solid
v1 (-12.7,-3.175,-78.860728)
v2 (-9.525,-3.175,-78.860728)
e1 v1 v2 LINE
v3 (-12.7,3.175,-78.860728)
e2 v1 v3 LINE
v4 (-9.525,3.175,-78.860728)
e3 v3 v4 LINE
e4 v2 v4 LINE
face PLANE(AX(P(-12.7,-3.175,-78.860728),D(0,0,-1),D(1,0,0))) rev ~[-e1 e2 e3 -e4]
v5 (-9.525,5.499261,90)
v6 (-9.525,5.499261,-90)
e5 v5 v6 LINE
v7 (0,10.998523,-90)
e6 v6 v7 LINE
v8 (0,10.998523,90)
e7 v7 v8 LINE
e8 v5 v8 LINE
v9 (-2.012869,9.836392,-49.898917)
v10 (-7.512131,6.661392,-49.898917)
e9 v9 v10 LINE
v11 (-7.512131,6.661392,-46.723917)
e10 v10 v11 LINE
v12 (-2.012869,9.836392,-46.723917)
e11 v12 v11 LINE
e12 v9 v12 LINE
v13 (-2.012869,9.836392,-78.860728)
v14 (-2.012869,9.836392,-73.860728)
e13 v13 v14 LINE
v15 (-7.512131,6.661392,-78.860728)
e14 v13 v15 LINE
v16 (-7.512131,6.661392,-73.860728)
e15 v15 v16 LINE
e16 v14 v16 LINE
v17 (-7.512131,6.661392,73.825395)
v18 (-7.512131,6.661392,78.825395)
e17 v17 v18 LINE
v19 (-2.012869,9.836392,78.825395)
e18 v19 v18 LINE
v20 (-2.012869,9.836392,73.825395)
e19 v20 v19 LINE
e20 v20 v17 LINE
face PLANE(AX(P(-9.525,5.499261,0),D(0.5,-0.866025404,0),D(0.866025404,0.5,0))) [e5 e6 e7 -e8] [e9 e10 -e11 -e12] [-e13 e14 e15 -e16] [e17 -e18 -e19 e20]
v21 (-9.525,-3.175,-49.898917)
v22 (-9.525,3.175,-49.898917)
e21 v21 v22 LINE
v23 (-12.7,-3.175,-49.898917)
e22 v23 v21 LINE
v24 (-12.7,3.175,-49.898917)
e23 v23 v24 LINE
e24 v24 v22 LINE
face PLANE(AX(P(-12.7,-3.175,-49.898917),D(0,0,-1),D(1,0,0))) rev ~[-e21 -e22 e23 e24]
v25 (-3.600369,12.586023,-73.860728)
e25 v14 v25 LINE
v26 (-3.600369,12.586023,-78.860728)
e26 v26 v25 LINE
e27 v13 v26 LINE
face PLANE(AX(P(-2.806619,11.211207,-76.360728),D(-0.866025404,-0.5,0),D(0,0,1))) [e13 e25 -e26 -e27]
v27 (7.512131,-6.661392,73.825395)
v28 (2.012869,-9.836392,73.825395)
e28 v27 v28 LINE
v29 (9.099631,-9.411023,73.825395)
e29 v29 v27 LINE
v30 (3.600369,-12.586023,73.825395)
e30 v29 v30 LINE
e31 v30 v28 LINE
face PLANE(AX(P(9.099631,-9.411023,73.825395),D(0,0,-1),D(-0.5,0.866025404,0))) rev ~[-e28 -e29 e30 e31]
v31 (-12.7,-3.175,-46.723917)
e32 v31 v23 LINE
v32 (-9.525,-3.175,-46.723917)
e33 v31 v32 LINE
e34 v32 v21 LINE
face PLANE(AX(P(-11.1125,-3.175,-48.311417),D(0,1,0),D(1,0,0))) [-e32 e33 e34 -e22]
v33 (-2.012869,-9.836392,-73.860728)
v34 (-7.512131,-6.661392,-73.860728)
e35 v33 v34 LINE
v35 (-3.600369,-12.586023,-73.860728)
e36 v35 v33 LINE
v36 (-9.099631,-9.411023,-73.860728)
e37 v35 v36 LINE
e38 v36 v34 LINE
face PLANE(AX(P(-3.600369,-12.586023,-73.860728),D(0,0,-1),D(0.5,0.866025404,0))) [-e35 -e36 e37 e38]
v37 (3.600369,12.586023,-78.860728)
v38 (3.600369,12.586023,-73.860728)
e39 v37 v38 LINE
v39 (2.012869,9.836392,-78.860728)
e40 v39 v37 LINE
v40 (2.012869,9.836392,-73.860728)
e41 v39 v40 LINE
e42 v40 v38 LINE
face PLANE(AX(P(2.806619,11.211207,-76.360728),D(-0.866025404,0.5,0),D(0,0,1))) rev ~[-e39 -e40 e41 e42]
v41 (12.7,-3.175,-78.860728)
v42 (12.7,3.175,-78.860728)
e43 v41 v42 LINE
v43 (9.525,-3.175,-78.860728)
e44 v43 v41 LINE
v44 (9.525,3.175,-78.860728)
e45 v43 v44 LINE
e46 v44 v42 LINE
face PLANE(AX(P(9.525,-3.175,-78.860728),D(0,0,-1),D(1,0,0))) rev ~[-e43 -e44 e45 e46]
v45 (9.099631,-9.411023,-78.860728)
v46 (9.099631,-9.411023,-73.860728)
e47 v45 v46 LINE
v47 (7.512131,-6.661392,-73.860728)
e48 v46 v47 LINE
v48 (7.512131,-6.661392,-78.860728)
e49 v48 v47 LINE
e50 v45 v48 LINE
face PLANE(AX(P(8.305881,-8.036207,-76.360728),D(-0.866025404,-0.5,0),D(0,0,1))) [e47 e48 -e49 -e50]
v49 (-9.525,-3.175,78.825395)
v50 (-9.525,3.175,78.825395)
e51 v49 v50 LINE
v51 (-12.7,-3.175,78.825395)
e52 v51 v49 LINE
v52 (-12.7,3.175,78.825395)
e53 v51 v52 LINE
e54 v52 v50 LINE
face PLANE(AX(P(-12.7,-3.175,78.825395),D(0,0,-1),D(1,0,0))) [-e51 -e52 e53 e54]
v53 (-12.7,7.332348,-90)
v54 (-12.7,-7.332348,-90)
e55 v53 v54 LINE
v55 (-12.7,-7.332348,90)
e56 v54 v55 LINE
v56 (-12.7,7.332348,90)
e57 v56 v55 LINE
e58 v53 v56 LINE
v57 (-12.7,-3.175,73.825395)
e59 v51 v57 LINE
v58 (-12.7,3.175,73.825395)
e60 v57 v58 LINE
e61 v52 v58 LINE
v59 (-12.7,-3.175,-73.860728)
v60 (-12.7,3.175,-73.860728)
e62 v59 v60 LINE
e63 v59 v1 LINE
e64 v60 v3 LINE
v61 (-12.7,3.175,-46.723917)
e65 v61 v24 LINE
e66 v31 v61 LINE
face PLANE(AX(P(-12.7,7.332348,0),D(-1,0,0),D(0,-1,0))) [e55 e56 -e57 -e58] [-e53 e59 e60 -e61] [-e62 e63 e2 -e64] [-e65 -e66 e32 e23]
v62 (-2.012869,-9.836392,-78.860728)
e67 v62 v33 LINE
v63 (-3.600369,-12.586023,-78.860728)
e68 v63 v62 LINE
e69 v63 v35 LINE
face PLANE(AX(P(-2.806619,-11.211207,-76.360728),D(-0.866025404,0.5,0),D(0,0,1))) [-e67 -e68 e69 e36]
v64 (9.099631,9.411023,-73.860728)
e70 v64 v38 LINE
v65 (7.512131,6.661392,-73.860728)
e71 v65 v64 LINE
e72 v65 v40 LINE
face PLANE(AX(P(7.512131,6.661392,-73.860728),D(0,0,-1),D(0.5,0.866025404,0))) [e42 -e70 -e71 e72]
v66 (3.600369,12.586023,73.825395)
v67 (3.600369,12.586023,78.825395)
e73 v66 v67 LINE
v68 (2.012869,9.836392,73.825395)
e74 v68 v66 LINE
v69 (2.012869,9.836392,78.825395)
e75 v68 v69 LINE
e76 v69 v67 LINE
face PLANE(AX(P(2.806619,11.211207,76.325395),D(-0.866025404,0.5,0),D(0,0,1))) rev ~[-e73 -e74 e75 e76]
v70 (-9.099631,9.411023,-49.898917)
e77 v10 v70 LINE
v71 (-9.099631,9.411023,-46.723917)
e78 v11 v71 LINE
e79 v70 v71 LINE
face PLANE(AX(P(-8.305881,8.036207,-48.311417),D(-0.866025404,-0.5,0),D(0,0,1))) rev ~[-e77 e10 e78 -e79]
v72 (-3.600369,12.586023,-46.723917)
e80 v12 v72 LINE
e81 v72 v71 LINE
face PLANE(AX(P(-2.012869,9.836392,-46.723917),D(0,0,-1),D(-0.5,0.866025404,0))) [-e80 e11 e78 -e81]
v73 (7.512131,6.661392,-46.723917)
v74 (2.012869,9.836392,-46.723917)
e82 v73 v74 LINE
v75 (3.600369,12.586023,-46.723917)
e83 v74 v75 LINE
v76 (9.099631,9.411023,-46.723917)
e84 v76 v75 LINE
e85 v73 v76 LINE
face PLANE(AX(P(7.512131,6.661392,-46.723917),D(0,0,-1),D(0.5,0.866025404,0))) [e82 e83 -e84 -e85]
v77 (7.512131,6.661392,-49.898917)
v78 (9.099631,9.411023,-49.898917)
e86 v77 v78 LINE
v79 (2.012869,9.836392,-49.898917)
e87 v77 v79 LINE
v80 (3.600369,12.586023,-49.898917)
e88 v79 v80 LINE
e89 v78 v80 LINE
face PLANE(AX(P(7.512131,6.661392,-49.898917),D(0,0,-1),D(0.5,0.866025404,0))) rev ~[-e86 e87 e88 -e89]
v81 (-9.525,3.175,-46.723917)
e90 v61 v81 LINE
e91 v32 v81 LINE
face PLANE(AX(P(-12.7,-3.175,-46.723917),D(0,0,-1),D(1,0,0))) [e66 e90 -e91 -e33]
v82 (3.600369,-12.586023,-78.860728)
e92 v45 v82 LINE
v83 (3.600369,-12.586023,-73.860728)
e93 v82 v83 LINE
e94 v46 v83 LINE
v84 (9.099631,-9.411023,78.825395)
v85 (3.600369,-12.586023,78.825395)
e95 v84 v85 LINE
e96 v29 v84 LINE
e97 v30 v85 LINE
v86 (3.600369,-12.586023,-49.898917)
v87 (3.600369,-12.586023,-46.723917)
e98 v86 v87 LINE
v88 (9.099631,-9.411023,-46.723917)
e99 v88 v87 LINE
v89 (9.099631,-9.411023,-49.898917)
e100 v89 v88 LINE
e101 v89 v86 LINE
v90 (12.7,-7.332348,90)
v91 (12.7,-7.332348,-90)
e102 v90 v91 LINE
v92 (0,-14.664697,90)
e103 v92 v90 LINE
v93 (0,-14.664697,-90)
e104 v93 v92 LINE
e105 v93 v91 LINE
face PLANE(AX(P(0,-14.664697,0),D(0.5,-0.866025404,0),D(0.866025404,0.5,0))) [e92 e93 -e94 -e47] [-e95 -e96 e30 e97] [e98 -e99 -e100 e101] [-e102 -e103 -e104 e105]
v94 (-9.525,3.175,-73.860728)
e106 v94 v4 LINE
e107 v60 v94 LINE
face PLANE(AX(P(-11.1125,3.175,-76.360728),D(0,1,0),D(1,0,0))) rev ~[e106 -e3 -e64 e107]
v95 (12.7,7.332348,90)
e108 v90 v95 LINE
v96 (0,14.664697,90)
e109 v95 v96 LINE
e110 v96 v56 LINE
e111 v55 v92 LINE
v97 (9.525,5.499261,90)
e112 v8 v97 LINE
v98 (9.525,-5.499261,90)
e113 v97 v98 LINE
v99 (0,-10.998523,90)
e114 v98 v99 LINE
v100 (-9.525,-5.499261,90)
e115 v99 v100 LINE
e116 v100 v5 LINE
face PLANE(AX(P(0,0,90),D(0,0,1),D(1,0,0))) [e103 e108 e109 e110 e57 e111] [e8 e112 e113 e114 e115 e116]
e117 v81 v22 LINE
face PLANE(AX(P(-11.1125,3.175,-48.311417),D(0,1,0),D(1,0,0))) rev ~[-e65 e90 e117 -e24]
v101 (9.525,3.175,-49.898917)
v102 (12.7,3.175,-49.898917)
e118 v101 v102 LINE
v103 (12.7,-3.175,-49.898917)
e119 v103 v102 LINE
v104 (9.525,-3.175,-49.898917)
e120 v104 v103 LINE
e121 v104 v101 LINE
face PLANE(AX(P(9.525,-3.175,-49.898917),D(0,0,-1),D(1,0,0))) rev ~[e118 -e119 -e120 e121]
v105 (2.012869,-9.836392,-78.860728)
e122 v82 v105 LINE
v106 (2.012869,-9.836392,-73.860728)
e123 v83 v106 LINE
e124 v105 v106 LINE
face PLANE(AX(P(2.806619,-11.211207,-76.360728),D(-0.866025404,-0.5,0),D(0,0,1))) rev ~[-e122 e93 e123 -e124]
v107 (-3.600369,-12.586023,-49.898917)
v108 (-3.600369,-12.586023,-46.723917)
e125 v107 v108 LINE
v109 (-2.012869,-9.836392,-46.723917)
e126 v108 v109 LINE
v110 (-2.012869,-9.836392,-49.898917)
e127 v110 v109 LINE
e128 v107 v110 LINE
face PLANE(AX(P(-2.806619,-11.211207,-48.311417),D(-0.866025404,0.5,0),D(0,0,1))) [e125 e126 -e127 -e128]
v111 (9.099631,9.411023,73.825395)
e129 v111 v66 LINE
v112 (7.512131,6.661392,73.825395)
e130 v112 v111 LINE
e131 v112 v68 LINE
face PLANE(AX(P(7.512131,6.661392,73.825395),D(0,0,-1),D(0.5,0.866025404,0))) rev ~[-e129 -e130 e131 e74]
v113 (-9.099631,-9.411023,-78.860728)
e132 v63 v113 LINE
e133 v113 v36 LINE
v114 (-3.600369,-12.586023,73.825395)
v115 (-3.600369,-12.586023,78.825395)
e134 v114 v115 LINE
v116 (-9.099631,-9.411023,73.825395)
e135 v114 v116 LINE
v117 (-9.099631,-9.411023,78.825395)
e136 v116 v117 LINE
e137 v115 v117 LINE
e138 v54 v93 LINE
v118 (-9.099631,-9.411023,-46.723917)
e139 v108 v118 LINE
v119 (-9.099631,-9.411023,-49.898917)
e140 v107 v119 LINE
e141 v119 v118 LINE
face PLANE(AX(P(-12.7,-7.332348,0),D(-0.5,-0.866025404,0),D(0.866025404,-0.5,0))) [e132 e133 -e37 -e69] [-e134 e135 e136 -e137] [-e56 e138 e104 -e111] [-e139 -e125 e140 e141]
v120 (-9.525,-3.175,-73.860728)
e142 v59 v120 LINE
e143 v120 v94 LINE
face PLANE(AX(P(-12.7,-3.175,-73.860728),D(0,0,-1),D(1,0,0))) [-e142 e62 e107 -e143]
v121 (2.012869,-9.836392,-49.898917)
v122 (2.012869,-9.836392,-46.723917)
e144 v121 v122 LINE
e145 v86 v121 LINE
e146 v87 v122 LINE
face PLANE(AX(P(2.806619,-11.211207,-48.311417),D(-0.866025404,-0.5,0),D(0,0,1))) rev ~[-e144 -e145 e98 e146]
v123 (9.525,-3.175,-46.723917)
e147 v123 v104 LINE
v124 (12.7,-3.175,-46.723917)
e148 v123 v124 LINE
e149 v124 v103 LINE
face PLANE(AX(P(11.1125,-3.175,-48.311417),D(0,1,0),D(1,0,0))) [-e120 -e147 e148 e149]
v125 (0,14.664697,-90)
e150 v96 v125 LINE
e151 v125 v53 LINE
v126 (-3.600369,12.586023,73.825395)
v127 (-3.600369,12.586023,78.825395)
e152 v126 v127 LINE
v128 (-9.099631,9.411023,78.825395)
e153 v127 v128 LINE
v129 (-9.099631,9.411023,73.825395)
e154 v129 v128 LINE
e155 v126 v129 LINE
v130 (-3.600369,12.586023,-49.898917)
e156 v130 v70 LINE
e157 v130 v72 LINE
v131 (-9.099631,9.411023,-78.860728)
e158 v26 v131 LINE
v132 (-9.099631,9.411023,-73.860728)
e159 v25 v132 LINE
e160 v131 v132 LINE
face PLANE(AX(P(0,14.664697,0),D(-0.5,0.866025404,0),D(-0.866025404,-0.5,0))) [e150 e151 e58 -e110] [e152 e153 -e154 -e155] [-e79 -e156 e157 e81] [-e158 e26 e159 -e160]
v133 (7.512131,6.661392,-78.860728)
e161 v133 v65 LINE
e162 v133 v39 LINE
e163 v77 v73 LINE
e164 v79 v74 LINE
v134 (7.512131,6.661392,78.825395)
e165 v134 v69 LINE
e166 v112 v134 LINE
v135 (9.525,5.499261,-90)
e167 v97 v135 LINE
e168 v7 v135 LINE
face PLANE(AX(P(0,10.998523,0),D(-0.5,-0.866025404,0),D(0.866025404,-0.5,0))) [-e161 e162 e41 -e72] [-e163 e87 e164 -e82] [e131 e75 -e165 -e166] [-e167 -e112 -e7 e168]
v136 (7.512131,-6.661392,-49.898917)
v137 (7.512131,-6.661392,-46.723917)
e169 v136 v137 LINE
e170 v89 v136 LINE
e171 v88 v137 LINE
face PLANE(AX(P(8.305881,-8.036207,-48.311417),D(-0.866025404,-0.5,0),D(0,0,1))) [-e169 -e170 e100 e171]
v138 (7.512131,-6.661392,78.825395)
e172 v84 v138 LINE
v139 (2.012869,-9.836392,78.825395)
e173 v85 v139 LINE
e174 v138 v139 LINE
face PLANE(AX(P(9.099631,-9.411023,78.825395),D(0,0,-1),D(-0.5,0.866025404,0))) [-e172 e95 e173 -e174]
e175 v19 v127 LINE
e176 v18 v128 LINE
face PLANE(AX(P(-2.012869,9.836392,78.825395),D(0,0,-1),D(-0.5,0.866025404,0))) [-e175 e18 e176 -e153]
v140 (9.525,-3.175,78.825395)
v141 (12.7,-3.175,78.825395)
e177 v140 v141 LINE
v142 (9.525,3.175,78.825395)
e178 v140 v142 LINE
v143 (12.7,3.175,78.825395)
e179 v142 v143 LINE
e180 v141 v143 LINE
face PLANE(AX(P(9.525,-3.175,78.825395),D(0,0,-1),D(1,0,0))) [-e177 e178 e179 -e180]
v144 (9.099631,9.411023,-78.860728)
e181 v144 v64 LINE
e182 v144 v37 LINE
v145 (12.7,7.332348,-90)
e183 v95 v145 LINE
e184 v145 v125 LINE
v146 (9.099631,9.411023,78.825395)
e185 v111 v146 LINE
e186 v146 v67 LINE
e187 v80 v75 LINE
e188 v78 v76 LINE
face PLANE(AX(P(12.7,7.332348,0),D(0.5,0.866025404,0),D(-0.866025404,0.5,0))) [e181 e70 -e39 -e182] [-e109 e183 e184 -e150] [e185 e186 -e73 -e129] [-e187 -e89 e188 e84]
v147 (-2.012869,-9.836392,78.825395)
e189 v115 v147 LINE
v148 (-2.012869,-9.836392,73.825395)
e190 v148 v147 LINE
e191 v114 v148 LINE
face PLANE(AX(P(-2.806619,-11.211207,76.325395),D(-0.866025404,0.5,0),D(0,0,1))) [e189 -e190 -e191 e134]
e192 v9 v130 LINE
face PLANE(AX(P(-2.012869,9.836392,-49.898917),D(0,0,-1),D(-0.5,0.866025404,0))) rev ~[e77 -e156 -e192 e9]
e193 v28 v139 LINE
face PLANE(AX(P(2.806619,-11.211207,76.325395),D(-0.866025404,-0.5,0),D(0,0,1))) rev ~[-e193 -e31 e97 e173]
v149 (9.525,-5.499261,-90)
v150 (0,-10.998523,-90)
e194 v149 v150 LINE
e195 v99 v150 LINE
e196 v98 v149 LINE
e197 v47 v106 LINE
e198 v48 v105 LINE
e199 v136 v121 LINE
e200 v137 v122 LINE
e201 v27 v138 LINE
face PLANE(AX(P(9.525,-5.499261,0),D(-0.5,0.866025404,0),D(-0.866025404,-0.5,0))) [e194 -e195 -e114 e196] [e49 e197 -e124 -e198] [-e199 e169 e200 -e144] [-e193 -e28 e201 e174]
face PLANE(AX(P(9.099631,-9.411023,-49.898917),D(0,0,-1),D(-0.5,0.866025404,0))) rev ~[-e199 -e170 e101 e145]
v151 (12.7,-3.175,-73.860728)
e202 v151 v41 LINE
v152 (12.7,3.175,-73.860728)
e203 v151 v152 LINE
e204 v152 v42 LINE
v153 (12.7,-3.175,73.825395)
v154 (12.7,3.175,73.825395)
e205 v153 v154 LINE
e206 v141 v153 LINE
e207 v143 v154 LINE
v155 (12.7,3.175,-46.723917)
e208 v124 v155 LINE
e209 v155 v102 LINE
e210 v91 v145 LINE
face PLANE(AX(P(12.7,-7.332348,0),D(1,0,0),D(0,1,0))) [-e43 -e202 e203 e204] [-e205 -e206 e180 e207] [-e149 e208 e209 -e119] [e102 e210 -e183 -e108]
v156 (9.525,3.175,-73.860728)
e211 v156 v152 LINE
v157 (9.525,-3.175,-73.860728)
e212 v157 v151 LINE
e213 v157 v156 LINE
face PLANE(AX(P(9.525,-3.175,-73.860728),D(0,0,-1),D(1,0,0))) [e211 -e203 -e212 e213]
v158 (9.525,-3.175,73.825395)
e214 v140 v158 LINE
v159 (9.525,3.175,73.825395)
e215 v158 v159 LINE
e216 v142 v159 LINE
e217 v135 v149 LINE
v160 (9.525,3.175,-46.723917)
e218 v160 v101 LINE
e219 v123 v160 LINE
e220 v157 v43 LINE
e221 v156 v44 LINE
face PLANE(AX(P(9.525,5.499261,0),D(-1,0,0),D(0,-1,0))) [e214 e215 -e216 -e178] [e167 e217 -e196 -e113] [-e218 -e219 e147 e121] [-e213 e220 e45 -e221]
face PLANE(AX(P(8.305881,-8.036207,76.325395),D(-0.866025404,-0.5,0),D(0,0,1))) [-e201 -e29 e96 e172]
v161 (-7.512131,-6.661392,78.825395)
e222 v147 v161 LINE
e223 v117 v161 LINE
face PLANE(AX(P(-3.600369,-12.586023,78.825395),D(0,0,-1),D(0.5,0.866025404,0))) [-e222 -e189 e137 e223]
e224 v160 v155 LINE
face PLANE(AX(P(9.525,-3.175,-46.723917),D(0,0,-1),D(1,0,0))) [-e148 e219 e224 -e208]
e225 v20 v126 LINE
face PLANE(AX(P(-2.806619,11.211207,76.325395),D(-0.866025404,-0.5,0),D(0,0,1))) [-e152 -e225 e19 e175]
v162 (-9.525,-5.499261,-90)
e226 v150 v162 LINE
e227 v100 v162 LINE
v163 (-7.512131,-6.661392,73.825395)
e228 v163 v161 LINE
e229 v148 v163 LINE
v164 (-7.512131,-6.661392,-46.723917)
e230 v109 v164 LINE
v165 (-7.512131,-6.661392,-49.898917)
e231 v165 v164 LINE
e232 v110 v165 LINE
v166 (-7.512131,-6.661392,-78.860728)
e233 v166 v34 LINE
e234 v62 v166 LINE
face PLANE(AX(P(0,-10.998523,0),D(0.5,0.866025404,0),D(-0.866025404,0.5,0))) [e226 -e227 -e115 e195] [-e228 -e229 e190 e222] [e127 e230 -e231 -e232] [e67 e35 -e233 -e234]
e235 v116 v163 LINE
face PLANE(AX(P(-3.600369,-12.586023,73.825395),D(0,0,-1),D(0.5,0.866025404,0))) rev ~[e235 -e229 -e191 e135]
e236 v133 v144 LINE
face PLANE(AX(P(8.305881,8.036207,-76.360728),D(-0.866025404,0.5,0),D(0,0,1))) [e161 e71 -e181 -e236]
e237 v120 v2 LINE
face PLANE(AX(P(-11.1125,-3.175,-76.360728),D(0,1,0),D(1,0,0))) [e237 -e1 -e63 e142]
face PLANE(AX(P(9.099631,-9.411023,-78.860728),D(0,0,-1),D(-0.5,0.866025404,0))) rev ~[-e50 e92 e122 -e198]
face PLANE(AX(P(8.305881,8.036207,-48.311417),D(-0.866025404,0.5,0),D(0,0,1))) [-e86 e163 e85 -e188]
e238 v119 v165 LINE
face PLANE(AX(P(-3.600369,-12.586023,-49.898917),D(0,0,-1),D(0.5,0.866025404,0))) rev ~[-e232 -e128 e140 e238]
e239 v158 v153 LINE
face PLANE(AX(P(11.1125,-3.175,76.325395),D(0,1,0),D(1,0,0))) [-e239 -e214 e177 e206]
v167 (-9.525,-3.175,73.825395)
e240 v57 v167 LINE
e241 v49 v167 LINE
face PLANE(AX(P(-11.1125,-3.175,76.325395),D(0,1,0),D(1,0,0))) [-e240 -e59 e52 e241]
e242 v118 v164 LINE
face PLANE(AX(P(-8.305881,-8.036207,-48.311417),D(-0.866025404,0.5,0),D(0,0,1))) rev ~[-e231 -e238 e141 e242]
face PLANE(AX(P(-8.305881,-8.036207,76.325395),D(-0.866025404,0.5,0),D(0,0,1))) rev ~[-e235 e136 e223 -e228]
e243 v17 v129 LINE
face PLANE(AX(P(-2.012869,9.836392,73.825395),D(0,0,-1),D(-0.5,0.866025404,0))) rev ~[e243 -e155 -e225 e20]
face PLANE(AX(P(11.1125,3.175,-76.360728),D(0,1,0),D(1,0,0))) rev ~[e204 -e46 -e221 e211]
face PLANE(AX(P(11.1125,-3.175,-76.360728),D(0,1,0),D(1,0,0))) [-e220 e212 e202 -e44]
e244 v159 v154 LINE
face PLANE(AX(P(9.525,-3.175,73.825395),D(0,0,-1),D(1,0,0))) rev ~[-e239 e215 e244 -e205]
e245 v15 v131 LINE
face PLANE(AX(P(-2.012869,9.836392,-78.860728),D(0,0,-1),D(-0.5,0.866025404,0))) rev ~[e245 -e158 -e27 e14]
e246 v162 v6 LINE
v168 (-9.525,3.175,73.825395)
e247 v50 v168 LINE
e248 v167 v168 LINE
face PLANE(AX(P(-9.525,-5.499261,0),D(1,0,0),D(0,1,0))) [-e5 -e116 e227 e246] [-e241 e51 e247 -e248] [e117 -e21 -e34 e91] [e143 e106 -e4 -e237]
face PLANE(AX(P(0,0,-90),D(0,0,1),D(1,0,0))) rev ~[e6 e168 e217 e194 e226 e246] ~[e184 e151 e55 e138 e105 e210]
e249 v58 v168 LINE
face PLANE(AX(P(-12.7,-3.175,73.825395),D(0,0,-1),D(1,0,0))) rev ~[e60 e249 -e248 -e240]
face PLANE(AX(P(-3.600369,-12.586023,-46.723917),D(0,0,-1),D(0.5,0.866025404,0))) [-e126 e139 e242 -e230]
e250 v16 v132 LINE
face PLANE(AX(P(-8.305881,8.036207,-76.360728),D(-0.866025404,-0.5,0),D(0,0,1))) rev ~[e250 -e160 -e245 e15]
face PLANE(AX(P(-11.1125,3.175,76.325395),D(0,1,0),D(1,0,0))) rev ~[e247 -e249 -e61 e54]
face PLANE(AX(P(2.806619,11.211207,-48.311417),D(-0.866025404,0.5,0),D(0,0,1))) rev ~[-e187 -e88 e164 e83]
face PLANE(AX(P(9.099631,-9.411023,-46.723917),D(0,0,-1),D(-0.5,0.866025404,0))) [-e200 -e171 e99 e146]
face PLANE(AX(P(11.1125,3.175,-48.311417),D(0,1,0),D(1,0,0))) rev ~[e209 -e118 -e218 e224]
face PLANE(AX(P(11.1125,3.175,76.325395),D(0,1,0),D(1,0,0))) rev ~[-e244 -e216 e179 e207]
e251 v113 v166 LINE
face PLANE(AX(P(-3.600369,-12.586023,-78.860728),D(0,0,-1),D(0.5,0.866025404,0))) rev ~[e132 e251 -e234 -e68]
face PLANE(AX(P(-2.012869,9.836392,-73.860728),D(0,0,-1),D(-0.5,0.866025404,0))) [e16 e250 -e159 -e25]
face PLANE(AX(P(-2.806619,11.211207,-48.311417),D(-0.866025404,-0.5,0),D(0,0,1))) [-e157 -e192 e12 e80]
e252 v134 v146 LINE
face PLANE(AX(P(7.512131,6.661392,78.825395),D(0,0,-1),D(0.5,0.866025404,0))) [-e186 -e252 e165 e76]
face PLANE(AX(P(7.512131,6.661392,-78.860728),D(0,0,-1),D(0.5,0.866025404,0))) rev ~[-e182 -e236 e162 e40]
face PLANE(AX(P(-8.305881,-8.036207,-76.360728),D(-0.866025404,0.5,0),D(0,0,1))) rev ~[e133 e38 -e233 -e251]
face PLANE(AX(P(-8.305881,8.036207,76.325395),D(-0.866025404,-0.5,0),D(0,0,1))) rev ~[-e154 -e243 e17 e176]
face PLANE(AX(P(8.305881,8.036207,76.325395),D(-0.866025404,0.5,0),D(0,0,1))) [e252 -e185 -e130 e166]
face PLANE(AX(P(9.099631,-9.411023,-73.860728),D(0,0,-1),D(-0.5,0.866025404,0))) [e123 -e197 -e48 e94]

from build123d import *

# Parameters (mm, degrees)
BOSS_EXTRUDE1_DEPTH     = 90
CUT_EXTRUDE2_DEPTH      = 3.175
CUT_EXTRUDE2_DEPTH_BACK = 3.175
SKETCH4_W               = 3.175
SKETCH4_H               = 5
SKETCH4_H_2             = 3.175
CUT_EXTRUDE3_DEPTH      = 3.175
CUT_EXTRUDE3_DEPTH_BACK = 3.175
SKETCH7_W               = 5
SKETCH7_H               = 3.175
SKETCH7_W_2             = 3.175
CUT_EXTRUDE4_DEPTH      = 3.175
CUT_EXTRUDE4_DEPTH_BACK = 3.175
SKETCH8_W               = 5
SKETCH8_H               = 3.175
SKETCH8_W_2             = 3.175


with BuildPart() as part:
    # Sketch3 → Boss-Extrude1 (new, symmetric)
    with BuildSketch(Plane.XY):
        Polygon((0, 14.664696837), (-12.7, 7.332348419), (-12.7, -7.332348419), (0, -14.664696837), (12.7, -7.332348419), (12.7, 7.332348419), align=None)
        Polygon((0, 10.998522628), (9.525, 5.499261314), (9.525, -5.499261314), (0, -10.998522628), (-9.525, -5.499261314), (-9.525, 5.499261314), align=None, mode=Mode.SUBTRACT)
    extrude(amount=BOSS_EXTRUDE1_DEPTH, both=True)

    # Sketch4 → Cut-Extrude2 (cut, two sides: drawn at the far end of the back side and taken through both)
    with BuildSketch(Plane(origin=(0, 0, 0), x_dir=(1, 0, 0), z_dir=(0, 1, 0)).offset(-CUT_EXTRUDE2_DEPTH_BACK)):
        with Locations((-11.1125, -76.325394791)):
            Rectangle(SKETCH4_W, SKETCH4_H)
        with Locations((-11.1125, 48.311416829)):
            Rectangle(SKETCH4_W, SKETCH4_H_2)
        with Locations((11.1125, 76.360728449)):
            Rectangle(SKETCH4_W, SKETCH4_H)
        with Locations((11.1125, 48.311416829)):
            Rectangle(SKETCH4_W, SKETCH4_H_2)
        with Locations((11.1125, -76.325394791)):
            Rectangle(SKETCH4_W, SKETCH4_H)
        with Locations((-11.1125, 76.360728449)):
            Rectangle(SKETCH4_W, SKETCH4_H)
    extrude(amount=CUT_EXTRUDE2_DEPTH + CUT_EXTRUDE2_DEPTH_BACK, mode=Mode.SUBTRACT)

    # Sketch7 → Cut-Extrude3 (cut, two sides: drawn at the far end of the back side and taken through both)
    with BuildSketch(Plane(origin=(0, 0, 0), x_dir=(0, 0, 1), z_dir=(-0.8660254037844387, 0.4999999999999999, 0)).offset(-CUT_EXTRUDE3_DEPTH_BACK)):
        with Locations((76.325394791, -11.1125)):
            Rectangle(SKETCH7_W, SKETCH7_H)
        with Locations((-48.311416829, -11.1125)):
            Rectangle(SKETCH7_W_2, SKETCH7_H)
        with Locations((-76.360728449, 11.1125)):
            Rectangle(SKETCH7_W, SKETCH7_H)
        with Locations((-48.311416829, 11.1125)):
            Rectangle(SKETCH7_W_2, SKETCH7_H)
        with Locations((76.325394791, 11.1125)):
            Rectangle(SKETCH7_W, SKETCH7_H)
        with Locations((-76.360728449, -11.1125)):
            Rectangle(SKETCH7_W, SKETCH7_H)
    extrude(amount=CUT_EXTRUDE3_DEPTH + CUT_EXTRUDE3_DEPTH_BACK, mode=Mode.SUBTRACT)

    # Sketch8 → Cut-Extrude4 (cut, two sides: drawn at the far end of the back side and taken through both)
    with BuildSketch(Plane(origin=(0, 0, 0), x_dir=(0, 0, 1), z_dir=(-0.8660254037844387, -0.4999999999999999, 0)).offset(-CUT_EXTRUDE4_DEPTH_BACK)):
        with Locations((76.325394791, -11.1125)):
            Rectangle(SKETCH8_W, SKETCH8_H)
        with Locations((-48.311416829, -11.1125)):
            Rectangle(SKETCH8_W_2, SKETCH8_H)
        with Locations((-76.360728449, 11.1125)):
            Rectangle(SKETCH8_W, SKETCH8_H)
        with Locations((-48.311416829, 11.1125)):
            Rectangle(SKETCH8_W_2, SKETCH8_H)
        with Locations((76.325394791, 11.1125)):
            Rectangle(SKETCH8_W, SKETCH8_H)
        with Locations((-76.360728449, -11.1125)):
            Rectangle(SKETCH8_W, SKETCH8_H)
    extrude(amount=CUT_EXTRUDE4_DEPTH + CUT_EXTRUDE4_DEPTH_BACK, mode=Mode.SUBTRACT)


solid = part.part
